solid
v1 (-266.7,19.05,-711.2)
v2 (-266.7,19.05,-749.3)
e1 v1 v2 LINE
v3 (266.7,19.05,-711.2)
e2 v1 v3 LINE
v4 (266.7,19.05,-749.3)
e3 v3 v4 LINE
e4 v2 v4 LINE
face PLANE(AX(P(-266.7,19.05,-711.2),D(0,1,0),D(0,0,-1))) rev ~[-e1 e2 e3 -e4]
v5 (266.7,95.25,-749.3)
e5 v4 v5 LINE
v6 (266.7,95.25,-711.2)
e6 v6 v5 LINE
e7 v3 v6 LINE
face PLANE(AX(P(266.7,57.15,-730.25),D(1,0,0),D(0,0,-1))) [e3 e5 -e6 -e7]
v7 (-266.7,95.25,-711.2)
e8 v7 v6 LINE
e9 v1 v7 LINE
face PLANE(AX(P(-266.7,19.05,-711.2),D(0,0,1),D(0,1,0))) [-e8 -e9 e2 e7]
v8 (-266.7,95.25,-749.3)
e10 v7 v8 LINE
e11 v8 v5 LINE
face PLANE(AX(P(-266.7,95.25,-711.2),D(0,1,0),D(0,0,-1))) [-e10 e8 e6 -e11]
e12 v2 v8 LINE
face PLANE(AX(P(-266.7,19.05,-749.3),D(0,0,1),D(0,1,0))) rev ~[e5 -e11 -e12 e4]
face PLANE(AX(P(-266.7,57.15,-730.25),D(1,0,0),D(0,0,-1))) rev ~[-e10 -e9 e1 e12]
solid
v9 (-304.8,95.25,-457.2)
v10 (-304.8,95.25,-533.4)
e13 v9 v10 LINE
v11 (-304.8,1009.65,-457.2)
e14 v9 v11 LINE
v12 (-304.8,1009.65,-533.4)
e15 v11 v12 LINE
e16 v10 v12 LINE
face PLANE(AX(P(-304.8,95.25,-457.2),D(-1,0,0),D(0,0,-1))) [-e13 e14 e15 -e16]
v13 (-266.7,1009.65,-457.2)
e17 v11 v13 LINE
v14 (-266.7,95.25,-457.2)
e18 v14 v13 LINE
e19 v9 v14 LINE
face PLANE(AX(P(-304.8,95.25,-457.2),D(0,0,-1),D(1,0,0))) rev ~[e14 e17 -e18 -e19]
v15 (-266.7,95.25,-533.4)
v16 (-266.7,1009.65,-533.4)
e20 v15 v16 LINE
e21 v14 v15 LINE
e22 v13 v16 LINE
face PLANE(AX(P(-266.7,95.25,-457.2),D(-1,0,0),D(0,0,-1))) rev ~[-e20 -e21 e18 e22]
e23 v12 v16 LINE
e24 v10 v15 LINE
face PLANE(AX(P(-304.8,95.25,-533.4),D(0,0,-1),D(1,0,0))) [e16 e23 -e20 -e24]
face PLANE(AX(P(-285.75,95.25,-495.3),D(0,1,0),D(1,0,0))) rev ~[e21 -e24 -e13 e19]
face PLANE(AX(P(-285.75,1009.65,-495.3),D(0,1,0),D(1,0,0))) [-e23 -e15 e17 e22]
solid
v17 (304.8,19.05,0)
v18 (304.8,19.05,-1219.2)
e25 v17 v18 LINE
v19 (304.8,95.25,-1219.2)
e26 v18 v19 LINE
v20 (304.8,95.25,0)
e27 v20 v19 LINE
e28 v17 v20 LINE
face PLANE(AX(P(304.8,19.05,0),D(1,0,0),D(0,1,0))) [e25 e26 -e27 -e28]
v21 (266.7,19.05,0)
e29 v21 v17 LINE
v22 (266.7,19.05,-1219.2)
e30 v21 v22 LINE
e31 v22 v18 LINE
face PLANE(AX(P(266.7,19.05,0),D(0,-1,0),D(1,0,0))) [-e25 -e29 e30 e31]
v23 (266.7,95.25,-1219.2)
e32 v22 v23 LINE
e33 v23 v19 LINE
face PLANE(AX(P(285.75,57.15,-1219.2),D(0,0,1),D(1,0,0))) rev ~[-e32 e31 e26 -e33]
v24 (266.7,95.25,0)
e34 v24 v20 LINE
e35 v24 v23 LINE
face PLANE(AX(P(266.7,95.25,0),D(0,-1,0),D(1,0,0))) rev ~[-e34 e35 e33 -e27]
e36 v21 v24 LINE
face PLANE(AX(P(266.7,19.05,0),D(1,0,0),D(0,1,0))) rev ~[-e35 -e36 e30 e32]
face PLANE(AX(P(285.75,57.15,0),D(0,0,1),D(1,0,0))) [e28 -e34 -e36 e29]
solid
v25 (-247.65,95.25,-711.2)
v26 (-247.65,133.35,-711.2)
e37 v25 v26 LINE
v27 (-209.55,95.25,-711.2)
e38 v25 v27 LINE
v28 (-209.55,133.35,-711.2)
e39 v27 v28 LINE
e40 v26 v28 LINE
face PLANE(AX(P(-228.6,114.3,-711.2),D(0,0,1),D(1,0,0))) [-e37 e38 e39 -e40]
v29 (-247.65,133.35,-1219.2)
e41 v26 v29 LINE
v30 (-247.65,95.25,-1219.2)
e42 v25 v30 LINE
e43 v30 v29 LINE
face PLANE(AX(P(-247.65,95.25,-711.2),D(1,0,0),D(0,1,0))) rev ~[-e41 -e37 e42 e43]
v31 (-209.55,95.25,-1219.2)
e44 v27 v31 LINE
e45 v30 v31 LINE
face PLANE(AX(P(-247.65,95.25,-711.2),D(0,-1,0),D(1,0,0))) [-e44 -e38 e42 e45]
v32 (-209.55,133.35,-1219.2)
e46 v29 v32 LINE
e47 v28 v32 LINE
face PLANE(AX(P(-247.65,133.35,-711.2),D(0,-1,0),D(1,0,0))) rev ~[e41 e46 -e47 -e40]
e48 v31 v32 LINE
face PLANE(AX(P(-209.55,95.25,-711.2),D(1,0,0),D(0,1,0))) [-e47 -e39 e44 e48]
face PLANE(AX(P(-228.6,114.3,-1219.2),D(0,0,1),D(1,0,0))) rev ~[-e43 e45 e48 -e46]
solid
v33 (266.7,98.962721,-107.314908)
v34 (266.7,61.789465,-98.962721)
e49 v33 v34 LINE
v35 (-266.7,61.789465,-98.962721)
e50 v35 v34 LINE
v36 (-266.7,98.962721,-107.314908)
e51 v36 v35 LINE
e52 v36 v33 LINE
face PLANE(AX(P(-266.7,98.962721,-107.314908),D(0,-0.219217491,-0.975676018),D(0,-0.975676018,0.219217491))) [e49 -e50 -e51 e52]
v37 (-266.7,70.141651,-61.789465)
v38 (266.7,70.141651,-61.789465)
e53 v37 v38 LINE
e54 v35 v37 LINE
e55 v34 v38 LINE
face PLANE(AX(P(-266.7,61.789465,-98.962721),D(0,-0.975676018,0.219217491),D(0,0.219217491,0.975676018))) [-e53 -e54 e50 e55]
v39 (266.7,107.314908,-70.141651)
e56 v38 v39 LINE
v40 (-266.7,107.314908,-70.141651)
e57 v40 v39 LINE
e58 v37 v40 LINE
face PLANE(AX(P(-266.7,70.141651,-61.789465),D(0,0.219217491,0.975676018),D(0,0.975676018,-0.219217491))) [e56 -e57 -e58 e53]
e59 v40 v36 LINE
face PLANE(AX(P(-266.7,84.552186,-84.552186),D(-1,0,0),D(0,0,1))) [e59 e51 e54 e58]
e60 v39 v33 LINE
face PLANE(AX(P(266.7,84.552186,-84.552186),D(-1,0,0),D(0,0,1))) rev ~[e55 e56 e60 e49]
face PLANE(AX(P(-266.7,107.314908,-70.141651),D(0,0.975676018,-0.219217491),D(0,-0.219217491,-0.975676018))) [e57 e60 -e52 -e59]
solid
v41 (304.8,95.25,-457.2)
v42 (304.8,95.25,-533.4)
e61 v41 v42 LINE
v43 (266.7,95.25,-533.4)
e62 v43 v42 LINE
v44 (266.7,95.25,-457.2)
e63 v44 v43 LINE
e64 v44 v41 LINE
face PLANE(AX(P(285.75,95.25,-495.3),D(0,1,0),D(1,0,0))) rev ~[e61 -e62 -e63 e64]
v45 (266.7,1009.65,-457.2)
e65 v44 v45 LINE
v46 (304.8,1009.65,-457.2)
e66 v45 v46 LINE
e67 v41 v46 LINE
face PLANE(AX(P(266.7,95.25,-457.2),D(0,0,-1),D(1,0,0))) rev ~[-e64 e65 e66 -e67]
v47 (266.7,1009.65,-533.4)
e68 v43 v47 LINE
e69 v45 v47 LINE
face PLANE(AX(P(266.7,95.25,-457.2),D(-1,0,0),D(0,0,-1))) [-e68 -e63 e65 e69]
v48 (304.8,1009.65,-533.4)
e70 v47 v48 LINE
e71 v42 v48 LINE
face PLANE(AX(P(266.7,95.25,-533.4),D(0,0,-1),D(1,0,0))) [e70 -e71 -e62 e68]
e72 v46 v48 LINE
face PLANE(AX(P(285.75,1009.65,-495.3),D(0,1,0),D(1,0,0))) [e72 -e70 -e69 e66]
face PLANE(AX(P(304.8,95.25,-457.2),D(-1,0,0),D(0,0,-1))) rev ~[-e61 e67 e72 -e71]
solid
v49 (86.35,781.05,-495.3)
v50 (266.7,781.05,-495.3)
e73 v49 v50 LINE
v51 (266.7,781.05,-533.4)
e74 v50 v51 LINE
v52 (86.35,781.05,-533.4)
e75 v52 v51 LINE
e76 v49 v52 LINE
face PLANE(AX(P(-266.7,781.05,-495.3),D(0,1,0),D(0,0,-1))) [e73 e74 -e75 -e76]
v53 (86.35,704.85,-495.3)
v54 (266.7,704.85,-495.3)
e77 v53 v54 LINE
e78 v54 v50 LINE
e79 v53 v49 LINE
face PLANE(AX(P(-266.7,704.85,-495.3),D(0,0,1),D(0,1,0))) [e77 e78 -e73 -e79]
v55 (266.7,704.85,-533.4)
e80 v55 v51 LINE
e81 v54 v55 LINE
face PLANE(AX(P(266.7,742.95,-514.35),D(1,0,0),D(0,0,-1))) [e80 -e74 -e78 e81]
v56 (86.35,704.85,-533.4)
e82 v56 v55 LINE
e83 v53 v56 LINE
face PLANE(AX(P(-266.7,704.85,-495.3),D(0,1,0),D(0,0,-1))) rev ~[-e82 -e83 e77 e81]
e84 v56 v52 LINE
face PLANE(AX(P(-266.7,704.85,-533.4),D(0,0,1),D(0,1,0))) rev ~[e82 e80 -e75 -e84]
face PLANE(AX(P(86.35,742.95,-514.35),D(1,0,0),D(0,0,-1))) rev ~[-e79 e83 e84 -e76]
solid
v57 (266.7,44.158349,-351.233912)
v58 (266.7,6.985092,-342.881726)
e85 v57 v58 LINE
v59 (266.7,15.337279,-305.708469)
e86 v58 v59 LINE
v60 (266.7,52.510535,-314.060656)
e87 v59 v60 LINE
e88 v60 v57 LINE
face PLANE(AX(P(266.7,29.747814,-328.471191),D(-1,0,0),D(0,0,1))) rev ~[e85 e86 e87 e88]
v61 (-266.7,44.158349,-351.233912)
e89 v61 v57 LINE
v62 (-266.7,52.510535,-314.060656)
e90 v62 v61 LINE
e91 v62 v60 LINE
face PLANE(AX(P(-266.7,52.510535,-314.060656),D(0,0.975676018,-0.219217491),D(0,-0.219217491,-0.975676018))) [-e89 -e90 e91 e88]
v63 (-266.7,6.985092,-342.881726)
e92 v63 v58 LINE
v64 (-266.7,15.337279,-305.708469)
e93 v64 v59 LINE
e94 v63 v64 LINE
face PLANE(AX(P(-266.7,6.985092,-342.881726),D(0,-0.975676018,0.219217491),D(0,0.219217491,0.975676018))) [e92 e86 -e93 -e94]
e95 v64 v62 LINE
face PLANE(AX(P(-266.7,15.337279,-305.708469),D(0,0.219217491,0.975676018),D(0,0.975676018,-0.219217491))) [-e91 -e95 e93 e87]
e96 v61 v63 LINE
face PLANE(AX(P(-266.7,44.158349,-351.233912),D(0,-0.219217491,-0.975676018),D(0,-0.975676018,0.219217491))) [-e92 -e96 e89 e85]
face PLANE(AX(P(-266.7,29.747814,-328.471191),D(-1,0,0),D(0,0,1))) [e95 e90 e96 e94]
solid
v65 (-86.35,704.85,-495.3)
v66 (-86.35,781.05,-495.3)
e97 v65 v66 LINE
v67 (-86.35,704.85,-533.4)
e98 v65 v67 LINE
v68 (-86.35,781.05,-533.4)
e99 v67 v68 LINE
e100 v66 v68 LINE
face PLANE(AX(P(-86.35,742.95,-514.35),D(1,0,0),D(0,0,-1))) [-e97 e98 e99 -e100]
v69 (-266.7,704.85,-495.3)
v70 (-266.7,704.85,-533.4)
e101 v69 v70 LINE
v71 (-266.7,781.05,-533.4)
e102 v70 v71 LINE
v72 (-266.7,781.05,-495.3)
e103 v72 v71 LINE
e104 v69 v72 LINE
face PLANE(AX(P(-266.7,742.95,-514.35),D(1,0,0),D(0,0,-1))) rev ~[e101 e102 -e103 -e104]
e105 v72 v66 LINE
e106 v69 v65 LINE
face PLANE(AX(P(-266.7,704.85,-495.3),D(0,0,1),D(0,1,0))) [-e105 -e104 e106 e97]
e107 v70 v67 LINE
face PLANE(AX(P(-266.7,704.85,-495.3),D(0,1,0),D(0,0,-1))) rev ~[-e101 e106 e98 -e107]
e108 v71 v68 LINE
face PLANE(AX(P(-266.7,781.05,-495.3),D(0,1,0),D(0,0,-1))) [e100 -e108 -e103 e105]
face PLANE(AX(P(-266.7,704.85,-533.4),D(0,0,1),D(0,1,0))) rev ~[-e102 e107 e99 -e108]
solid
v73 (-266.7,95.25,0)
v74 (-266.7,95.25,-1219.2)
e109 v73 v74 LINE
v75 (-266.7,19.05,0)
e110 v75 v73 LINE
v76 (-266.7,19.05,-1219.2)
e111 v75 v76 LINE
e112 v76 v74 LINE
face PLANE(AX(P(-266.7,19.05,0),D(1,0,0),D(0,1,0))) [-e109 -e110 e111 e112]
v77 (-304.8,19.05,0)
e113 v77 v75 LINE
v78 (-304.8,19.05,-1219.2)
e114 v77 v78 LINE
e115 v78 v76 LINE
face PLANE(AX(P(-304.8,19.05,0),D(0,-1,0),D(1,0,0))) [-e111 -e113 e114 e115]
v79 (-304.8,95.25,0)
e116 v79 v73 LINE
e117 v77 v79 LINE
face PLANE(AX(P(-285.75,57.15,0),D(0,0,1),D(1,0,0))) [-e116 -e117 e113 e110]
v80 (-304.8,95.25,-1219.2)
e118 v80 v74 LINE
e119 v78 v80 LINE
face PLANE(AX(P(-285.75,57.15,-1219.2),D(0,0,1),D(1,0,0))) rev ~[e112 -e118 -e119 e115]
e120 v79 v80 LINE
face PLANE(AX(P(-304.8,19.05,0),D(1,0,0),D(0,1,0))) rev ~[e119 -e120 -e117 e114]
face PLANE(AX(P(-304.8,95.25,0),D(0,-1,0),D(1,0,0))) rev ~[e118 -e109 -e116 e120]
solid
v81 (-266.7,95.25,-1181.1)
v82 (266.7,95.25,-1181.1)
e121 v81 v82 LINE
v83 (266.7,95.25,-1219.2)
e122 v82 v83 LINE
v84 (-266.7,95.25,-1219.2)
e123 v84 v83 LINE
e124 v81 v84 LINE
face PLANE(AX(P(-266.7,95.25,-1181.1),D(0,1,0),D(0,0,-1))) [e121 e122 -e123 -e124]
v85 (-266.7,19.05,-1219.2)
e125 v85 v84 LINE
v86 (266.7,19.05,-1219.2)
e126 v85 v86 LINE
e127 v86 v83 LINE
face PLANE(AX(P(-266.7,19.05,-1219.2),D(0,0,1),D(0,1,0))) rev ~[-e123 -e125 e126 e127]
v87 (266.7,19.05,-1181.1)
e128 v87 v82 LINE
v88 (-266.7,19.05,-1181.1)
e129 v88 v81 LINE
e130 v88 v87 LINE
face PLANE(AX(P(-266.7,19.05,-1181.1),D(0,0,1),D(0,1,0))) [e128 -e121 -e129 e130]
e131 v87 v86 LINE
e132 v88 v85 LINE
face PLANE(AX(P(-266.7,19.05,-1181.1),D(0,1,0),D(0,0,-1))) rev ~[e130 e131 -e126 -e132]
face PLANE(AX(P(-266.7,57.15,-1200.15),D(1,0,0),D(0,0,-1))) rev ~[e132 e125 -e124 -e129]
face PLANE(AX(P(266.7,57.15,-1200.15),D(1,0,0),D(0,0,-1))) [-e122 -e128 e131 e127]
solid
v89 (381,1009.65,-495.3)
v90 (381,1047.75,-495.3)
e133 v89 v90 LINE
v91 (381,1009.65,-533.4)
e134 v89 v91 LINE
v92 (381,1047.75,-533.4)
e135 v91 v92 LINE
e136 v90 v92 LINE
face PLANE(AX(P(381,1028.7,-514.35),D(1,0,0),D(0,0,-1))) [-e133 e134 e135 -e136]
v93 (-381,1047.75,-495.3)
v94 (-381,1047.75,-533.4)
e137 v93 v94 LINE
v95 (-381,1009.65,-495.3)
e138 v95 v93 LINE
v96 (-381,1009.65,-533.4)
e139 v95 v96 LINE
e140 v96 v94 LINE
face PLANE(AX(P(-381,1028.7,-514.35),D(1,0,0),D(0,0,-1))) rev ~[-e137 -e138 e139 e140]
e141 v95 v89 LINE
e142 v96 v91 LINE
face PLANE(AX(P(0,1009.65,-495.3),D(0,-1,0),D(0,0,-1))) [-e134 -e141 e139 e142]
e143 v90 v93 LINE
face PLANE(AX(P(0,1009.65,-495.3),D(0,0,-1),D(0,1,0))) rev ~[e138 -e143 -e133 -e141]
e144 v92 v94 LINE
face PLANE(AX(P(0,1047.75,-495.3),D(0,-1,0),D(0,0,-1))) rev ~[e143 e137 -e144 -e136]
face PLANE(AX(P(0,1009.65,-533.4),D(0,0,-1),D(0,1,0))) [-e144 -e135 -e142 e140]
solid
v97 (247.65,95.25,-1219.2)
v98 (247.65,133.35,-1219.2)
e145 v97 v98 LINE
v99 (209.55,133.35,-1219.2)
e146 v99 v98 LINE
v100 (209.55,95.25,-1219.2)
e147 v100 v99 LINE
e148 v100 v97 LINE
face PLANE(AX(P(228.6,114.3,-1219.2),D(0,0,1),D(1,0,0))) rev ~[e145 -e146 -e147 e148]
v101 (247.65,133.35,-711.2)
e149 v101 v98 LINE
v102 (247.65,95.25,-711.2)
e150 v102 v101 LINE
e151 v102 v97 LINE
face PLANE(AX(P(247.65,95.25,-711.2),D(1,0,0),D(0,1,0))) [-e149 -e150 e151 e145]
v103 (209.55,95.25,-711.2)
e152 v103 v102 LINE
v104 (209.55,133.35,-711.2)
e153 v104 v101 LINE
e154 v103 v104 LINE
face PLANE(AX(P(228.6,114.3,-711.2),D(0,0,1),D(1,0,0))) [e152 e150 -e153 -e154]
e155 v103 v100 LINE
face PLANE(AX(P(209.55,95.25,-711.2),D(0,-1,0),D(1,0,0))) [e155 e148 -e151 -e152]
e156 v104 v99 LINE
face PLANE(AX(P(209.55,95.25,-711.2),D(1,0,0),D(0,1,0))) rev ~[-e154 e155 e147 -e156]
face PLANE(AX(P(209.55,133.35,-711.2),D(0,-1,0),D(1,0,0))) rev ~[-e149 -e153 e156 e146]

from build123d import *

# Parameters (mm, degrees)
SKETCH1_W                  = 38.1
SKETCH1_H                  = 76.2
BOSS_EXTRUDE1_DEPTH        = 1219.2
BOSS_EXTRUDE1_2_DEPTH      = 1219.2
BOSS_EXTRUDE2_DEPTH        = 266.7
BOSS_EXTRUDE2_DEPTH_BACK   = 266.7
SKETCH2_W                  = 38.1
SKETCH2_H                  = 76.2
BOSS_EXTRUDE2_2_DEPTH      = 266.7
BOSS_EXTRUDE2_2_DEPTH_BACK = 266.7
SKETCH3_W                  = 38.1
SKETCH3_H                  = 76.2
BOSS_EXTRUDE3_DEPTH        = 914.4
BOSS_EXTRUDE3_2_DEPTH      = 914.4
SKETCH4_W                  = 38.1
SKETCH4_H                  = 38.1
BOSS_EXTRUDE4_DEPTH        = 508
BOSS_EXTRUDE4_2_DEPTH      = 508
BOSS_EXTRUDE5_DEPTH        = 266.7
BOSS_EXTRUDE5_DEPTH_BACK   = 266.7
BOSS_EXTRUDE5_2_DEPTH      = 266.7
BOSS_EXTRUDE5_2_DEPTH_BACK = 266.7
BOSS_EXTRUDE6_DEPTH        = 266.7
BOSS_EXTRUDE6_DEPTH_BACK   = 266.7
SKETCH7_W                  = 38.1
SKETCH7_H                  = 76.2
SKETCH7_2_W                = 38.1
SKETCH7_2_H                = 76.2
CUT_EXTRUDE1_DEPTH         = 86.35000002
SKETCH8_W                  = 38.1
SKETCH8_H                  = 38.1
BOSS_EXTRUDE7_DEPTH        = 381


with BuildPart() as part:
    # Sketch1 → Boss-Extrude1 (new body)
    with BuildSketch(Plane.XY):
        with Locations((-285.75, 57.15)):
            Rectangle(SKETCH1_W, SKETCH1_H)
    extrude(amount=-BOSS_EXTRUDE1_DEPTH)


with BuildPart() as body_2:
    # Sketch1 → Boss-Extrude1 2 (new body)
    with BuildSketch(Plane.XY):
        with Locations((285.75, 57.15)):
            Rectangle(SKETCH1_W, SKETCH1_H)
    extrude(amount=-BOSS_EXTRUDE1_2_DEPTH)


with BuildPart() as body_3:
    # Sketch2 → Boss-Extrude2 (new, two sides: drawn at the far end of the back side and taken through both)
    with BuildSketch(Plane(origin=(0, 0, 0), x_dir=(0, 0, -1), z_dir=(1, 0, 0)).offset(-BOSS_EXTRUDE2_DEPTH_BACK)):
        with Locations((1200.15, 57.15)):
            Rectangle(SKETCH2_W, SKETCH2_H)
    extrude(amount=BOSS_EXTRUDE2_DEPTH + BOSS_EXTRUDE2_DEPTH_BACK)


with BuildPart() as body_4:
    # Sketch2 → Boss-Extrude2 2 (new, two sides: drawn at the far end of the back side and taken through both)
    with BuildSketch(Plane(origin=(0, 0, 0), x_dir=(0, 0, -1), z_dir=(1, 0, 0)).offset(-BOSS_EXTRUDE2_2_DEPTH_BACK)):
        with Locations((730.25, 57.15)):
            Rectangle(SKETCH2_W, SKETCH2_H)
    extrude(amount=BOSS_EXTRUDE2_2_DEPTH + BOSS_EXTRUDE2_2_DEPTH_BACK)


with BuildPart() as body_5:
    # Sketch3 → Boss-Extrude3 (new body)
    with BuildSketch(Plane(origin=(0, 95.25, 0), x_dir=(1, 0, 0), z_dir=(0, 1, 0))):
        with Locations((-285.75, 495.3)):
            Rectangle(SKETCH3_W, SKETCH3_H)
    extrude(amount=BOSS_EXTRUDE3_DEPTH)


with BuildPart() as body_6:
    # Sketch3 → Boss-Extrude3 2 (new body)
    with BuildSketch(Plane(origin=(0, 95.25, 0), x_dir=(1, 0, 0), z_dir=(0, 1, 0))):
        with Locations((285.75, 495.3)):
            Rectangle(SKETCH3_W, SKETCH3_H)
    extrude(amount=BOSS_EXTRUDE3_2_DEPTH)


with BuildPart() as body_7:
    # Sketch4 → Boss-Extrude4 (new body)
    with BuildSketch(Plane.XY.offset(-711.2)):
        with Locations((-228.6, 114.3)):
            Rectangle(SKETCH4_W, SKETCH4_H)
    extrude(amount=-BOSS_EXTRUDE4_DEPTH)


with BuildPart() as body_8:
    # Sketch4 → Boss-Extrude4 2 (new body)
    with BuildSketch(Plane.XY.offset(-711.2)):
        with Locations((228.6, 114.3)):
            Rectangle(SKETCH4_W, SKETCH4_H)
    extrude(amount=-BOSS_EXTRUDE4_2_DEPTH)


with BuildPart() as body_9:
    # Sketch6 → Boss-Extrude5 (new, two sides: drawn at the far end of the back side and taken through both)
    with BuildSketch(Plane(origin=(0, 0, 0), x_dir=(0, 0, -1), z_dir=(1, 0, 0)).offset(-BOSS_EXTRUDE5_DEPTH_BACK)):
        Polygon((61.789465074, 70.141651495), (70.141651495, 107.314907769), (107.314907769, 98.962721347), (98.962721347, 61.789465074), align=None)
    extrude(amount=BOSS_EXTRUDE5_DEPTH + BOSS_EXTRUDE5_DEPTH_BACK)


with BuildPart() as body_10:
    # Sketch6 → Boss-Extrude5 2 (new, two sides: drawn at the far end of the back side and taken through both)
    with BuildSketch(Plane(origin=(0, 0, 0), x_dir=(0, 0, -1), z_dir=(1, 0, 0)).offset(-BOSS_EXTRUDE5_2_DEPTH_BACK)):
        Polygon((305.708469494, 15.337278653), (314.060655915, 52.510534926), (351.233912189, 44.158348505), (342.881725768, 6.985092231), align=None)
    extrude(amount=BOSS_EXTRUDE5_2_DEPTH + BOSS_EXTRUDE5_2_DEPTH_BACK)


with BuildPart() as body_11:
    # Sketch7 → Boss-Extrude6 (new, two sides: drawn at the far end of the back side and taken through both)
    with BuildSketch(Plane(origin=(0, 0, 0), x_dir=(0, 0, -1), z_dir=(1, 0, 0)).offset(-BOSS_EXTRUDE6_DEPTH_BACK)):
        with Locations((514.35, 742.95)):
            Rectangle(SKETCH7_W, SKETCH7_H)
    extrude(amount=BOSS_EXTRUDE6_DEPTH + BOSS_EXTRUDE6_DEPTH_BACK)

    # Sketch7<2> → Cut-Extrude1 (cut, symmetric)
    with BuildSketch(Plane(origin=(0, 0, 0), x_dir=(0, 0, -1), z_dir=(1, 0, 0))):
        with Locations((514.35, 742.95)):
            Rectangle(SKETCH7_2_W, SKETCH7_2_H)
    extrude(amount=CUT_EXTRUDE1_DEPTH, both=True, mode=Mode.SUBTRACT)


with BuildPart() as cut_extrude1_piece_1:
    # of the separate pieces the step leaves, piece 1, a body of its own (cut_extrude1_pieces)
    add(body_11.part.solids().sort_by_distance((266.7, 781.05, -533.4))[0])


with BuildPart() as cut_extrude1_piece_2:
    # of the separate pieces the step leaves, piece 2, a body of its own (cut_extrude1_pieces)
    add(body_11.part.solids().sort_by_distance((-86.35000002, 781.05, -533.4))[0])


with BuildPart() as body_13:
    # Sketch8 → Boss-Extrude7 (new, symmetric)
    with BuildSketch(Plane(origin=(0, 0, 0), x_dir=(0, 0, -1), z_dir=(1, 0, 0))):
        with Locations((514.35, 1028.7)):
            Rectangle(SKETCH8_W, SKETCH8_H)
    extrude(amount=BOSS_EXTRUDE7_DEPTH, both=True)


solid = Compound([part.part, body_2.part, body_3.part, body_4.part, body_5.part, body_6.part, body_7.part, body_8.part, body_9.part, body_10.part, cut_extrude1_piece_1.part, cut_extrude1_piece_2.part, body_13.part])
